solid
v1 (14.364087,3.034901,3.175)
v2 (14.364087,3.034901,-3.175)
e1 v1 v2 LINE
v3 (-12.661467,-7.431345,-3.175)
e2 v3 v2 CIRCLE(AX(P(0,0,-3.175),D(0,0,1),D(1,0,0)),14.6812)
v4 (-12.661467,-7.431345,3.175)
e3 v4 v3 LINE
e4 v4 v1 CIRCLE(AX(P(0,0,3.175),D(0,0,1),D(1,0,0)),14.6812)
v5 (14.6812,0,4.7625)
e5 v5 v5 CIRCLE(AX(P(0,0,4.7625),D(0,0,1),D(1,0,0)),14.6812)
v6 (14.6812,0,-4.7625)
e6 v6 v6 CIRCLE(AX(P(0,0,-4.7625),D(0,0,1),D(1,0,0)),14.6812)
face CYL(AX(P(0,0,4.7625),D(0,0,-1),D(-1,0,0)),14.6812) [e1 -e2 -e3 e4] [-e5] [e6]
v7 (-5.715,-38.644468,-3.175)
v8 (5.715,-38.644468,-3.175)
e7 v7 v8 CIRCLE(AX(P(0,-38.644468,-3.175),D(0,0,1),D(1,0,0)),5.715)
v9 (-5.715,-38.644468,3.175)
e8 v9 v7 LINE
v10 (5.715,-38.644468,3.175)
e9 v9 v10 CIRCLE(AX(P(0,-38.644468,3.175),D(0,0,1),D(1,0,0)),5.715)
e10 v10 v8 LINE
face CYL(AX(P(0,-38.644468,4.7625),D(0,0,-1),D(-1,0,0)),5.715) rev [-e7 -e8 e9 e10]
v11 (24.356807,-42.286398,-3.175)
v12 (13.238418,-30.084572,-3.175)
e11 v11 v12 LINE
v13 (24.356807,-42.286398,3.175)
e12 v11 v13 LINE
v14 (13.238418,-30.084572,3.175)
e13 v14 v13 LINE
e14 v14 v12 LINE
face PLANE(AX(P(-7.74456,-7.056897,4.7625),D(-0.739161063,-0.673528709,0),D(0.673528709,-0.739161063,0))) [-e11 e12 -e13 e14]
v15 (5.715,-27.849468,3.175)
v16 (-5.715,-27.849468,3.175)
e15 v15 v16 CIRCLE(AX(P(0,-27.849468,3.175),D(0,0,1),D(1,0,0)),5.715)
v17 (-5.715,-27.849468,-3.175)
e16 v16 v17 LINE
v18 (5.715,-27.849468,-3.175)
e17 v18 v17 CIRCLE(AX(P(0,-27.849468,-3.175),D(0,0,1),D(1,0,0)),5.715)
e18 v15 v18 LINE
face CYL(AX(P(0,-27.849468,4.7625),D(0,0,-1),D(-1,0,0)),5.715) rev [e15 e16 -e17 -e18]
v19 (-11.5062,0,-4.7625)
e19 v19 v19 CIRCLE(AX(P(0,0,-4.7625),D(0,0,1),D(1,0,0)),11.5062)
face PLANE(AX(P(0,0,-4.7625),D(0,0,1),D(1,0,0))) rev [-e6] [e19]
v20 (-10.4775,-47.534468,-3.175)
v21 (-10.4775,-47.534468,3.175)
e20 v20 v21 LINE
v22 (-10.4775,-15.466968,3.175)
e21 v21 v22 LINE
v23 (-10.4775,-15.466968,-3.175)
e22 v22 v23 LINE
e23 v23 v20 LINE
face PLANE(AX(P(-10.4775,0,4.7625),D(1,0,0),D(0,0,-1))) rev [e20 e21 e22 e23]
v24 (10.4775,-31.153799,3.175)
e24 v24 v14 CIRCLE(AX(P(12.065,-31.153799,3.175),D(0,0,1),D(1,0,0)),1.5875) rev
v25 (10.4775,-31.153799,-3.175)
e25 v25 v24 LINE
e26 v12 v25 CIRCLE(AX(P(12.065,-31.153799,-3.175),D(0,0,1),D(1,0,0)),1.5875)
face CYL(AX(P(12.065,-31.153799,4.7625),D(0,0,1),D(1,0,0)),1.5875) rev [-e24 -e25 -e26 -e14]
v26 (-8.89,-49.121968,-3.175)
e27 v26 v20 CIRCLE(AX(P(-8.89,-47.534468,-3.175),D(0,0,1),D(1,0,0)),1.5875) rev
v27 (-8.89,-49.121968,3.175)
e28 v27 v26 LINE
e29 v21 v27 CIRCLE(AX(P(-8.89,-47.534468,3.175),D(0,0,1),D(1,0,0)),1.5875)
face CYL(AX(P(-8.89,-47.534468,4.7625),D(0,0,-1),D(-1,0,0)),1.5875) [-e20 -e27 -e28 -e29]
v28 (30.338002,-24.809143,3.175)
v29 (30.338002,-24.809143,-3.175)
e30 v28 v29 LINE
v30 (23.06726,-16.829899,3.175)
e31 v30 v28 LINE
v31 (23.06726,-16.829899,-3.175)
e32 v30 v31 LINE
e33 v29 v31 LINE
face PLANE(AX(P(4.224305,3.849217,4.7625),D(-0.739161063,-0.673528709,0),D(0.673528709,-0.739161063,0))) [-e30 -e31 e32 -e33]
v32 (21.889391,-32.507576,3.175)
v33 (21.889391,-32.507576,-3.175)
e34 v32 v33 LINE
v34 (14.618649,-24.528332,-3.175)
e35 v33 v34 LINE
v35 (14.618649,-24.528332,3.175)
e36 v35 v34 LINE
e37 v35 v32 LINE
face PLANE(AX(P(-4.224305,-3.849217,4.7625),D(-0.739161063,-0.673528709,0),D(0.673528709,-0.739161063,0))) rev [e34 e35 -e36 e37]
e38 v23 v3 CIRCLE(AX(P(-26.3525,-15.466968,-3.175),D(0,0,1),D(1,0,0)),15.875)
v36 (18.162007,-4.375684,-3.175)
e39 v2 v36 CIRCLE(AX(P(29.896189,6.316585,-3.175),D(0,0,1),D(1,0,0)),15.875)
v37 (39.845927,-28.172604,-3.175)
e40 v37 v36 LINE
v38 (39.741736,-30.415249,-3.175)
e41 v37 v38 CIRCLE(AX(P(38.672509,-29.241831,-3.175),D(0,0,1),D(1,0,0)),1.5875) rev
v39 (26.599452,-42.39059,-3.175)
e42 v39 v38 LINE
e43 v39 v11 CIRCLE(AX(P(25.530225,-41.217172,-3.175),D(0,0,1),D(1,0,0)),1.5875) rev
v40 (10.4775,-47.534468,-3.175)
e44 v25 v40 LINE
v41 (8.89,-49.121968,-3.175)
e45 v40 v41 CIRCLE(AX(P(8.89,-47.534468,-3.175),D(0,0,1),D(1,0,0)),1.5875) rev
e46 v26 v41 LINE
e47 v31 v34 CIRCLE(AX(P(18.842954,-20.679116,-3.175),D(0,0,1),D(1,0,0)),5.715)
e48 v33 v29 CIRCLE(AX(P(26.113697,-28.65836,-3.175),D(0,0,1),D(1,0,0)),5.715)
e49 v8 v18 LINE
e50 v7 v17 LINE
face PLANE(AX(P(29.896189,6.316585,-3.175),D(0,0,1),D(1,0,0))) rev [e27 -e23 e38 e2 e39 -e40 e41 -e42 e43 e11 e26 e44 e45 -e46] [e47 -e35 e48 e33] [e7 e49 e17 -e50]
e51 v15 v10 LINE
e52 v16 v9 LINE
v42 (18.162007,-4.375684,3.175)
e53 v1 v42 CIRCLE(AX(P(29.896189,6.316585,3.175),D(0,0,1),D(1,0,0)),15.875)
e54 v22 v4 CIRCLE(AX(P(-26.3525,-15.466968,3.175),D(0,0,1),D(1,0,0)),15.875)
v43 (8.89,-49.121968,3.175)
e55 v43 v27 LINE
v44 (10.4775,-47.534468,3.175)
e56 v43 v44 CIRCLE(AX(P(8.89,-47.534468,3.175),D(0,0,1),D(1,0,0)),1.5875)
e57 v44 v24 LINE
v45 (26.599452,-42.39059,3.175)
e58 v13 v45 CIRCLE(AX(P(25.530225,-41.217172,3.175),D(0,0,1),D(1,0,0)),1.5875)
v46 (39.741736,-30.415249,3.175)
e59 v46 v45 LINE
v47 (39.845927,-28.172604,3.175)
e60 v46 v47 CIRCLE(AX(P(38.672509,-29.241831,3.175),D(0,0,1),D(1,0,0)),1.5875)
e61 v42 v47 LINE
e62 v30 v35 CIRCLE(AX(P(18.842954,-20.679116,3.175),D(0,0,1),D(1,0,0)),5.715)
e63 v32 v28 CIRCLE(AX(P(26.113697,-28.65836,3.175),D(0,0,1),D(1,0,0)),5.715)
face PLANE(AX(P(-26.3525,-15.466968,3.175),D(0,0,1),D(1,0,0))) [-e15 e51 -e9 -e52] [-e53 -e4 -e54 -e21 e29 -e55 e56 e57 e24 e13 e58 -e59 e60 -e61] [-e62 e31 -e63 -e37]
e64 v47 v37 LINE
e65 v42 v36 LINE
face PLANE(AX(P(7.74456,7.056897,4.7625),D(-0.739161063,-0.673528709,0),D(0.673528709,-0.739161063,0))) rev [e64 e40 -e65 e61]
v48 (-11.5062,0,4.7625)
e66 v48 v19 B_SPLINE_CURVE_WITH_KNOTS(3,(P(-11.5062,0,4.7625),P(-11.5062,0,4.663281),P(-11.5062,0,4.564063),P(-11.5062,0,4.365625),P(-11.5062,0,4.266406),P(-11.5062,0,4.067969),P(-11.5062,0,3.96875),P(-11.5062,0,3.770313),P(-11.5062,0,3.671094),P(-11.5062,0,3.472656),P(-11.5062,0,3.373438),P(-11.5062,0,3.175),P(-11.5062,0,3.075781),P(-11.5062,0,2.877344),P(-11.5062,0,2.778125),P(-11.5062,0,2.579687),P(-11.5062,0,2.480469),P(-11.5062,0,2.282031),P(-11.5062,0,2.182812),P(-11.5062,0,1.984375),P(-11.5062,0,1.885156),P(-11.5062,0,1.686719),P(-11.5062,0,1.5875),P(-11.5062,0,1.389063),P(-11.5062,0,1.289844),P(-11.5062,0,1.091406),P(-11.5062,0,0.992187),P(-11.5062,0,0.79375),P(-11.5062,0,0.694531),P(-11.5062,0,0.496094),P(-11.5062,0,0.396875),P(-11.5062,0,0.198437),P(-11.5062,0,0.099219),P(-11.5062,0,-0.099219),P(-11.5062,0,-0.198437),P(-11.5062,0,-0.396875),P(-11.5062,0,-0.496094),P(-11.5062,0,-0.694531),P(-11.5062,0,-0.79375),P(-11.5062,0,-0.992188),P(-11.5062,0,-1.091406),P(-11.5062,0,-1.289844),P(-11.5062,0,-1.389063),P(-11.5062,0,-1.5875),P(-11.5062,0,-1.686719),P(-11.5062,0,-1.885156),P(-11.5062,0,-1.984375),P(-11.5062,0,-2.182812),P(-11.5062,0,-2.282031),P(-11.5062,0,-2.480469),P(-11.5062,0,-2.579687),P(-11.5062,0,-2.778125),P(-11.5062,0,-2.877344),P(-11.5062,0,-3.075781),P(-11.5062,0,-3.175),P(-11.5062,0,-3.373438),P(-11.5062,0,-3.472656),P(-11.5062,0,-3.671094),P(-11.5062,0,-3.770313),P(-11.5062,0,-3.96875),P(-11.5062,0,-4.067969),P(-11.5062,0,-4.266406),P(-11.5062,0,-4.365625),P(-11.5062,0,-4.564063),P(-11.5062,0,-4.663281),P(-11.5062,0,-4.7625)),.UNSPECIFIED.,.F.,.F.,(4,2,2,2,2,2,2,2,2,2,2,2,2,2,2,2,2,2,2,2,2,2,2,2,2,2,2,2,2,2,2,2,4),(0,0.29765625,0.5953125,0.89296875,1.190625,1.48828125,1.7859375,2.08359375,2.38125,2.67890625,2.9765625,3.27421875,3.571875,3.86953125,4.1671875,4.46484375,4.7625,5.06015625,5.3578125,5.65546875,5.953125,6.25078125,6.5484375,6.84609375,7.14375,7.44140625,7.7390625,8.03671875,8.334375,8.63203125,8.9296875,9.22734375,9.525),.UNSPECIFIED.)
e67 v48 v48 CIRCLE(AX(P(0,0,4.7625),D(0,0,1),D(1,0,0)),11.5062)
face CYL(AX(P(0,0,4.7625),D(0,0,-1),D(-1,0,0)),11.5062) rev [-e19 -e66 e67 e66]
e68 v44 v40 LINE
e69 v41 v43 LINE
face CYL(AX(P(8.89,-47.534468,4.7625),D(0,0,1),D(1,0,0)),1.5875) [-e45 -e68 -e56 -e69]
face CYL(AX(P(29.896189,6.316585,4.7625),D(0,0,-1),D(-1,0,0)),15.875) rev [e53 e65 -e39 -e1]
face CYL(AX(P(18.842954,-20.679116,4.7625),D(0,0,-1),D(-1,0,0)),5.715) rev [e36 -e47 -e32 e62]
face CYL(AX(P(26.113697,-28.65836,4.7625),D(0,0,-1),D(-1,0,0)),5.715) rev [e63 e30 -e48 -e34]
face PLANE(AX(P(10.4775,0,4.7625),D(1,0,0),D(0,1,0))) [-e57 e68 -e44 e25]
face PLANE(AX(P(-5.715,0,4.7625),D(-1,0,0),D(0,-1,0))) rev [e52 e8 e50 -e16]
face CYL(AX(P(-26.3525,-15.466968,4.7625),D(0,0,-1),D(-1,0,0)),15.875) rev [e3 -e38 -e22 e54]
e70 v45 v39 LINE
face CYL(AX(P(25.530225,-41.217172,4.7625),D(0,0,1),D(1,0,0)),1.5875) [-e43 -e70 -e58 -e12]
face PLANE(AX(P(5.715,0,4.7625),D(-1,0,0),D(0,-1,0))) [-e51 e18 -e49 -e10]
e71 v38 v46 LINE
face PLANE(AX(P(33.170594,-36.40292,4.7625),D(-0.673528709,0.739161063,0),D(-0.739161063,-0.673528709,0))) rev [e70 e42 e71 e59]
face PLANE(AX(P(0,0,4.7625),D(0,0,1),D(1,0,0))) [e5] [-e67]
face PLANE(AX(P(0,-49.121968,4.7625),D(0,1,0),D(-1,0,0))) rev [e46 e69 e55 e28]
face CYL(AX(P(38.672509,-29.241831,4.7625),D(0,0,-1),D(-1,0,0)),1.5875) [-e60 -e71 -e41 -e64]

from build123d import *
from build123d.topology import SkipClean

# Parameters (mm, degrees)
SKETCH1_R           = 11.5062
BOSS_EXTRUDE1_DEPTH = 4.7625
CUT_EXTRUDE1_START  = 4.7625
CUT_EXTRUDE1_DEPTH  = 1.5875
CUT_EXTRUDE2_START  = -3.175
CUT_EXTRUDE2_DEPTH  = 1.5875
FILLET1_R           = 1.5875


with BuildPart() as part:
    # Sketch1 → Boss-Extrude1 (new, symmetric)
    # profile 1 of 2: a face of its own
    with BuildSketch(Plane.XY):
        with BuildLine():
            ThreePointArc((-12.661467165, -7.431344606), (5.301915083, -13.690410143), (14.364087476, 3.034901057))
            ThreePointArc((14.364087476, 3.034901057), (15.768494782, -0.923849067), (18.162007104, -4.375683536))
            Line((18.162007104, -4.375683536), (40.915153964, -29.346022579))
            Line((40.915153964, -29.346022579), (25.42603388, -43.459816684))
            Line((25.42603388, -43.459816684), (10.4775, -27.054615176))
            Line((10.4775, -27.054615176), (10.4775, -49.121968099))
            Line((10.4775, -49.121968099), (-10.4775, -49.121968099))
            Line((-10.4775, -49.121968099), (-10.4775, -15.466968099))
            ThreePointArc((-10.4775, -15.466968099), (-11.033218502, -11.303407199), (-12.661467165, -7.431344606))
        make_face()
        with BuildLine():
            ThreePointArc((23.067259929, -16.829899337), (14.993737878, -16.454810433), (14.618648975, -24.528332485))
            Line((14.618648975, -24.528332485), (21.889391392, -32.507576164))
            ThreePointArc((21.889391392, -32.507576164), (29.962913444, -32.882665067), (30.338002347, -24.809143016))
            Line((30.338002347, -24.809143016), (23.067259929, -16.829899337))
        make_face(mode=Mode.SUBTRACT)
        with BuildLine():
            ThreePointArc((5.715, -27.849468099), (0, -22.134468099), (-5.715, -27.849468099))
            Line((-5.715, -27.849468099), (-5.715, -38.644468099))
            ThreePointArc((-5.715, -38.644468099), (0, -44.359468099), (5.715, -38.644468099))
            Line((5.715, -38.644468099), (5.715, -27.849468099))
        make_face(mode=Mode.SUBTRACT)
    # profile 2 of 2: a face of its own
    with BuildSketch(Plane.XY):
        with BuildLine():
            ThreePointArc((14.364087476, 3.034901057), (-5.301915083, 13.690410143), (-12.661467165, -7.431344606))
            ThreePointArc((-12.661467165, -7.431344606), (5.301915083, -13.690410143), (14.364087476, 3.034901057))
        make_face()
        with Locations(Location((0, 0, 0), (0, 0, 180))):
            Circle(SKETCH1_R, mode=Mode.SUBTRACT)
    extrude(amount=BOSS_EXTRUDE1_DEPTH, both=True)

    # Sketch3 → Cut-Extrude1 (cut)
    with SkipClean():  # the faces are left unmerged after this step: merging them gives an invalid solid
        with BuildSketch(Plane.XY.offset(CUT_EXTRUDE1_START)):
            with BuildLine():
                ThreePointArc((-12.661467165, -7.431344606), (5.301915083, -13.690410143), (14.364087476, 3.034901057))
                ThreePointArc((14.364087476, 3.034901057), (15.768494782, -0.923849067), (18.162007104, -4.375683536))
                Line((18.162007104, -4.375683536), (40.915153964, -29.346022579))
                Line((40.915153964, -29.346022579), (25.42603388, -43.459816684))
                Line((25.42603388, -43.459816684), (10.4775, -27.054615176))
                Line((10.4775, -27.054615176), (10.4775, -49.121968099))
                Line((10.4775, -49.121968099), (-10.4775, -49.121968099))
                Line((-10.4775, -49.121968099), (-10.4775, -15.466968099))
                ThreePointArc((-10.4775, -15.466968099), (-11.033218502, -11.303407199), (-12.661467165, -7.431344606))
            make_face()
            with BuildLine():
                ThreePointArc((23.067259929, -16.829899337), (14.993737878, -16.454810433), (14.618648975, -24.528332485))
                Line((14.618648975, -24.528332485), (21.889391392, -32.507576164))
                ThreePointArc((21.889391392, -32.507576164), (29.962913444, -32.882665067), (30.338002347, -24.809143016))
                Line((30.338002347, -24.809143016), (23.067259929, -16.829899337))
            make_face(mode=Mode.SUBTRACT)
            with BuildLine():
                ThreePointArc((5.715, -27.849468099), (0, -22.134468099), (-5.715, -27.849468099))
                Line((-5.715, -27.849468099), (-5.715, -38.644468099))
                ThreePointArc((-5.715, -38.644468099), (0, -44.359468099), (5.715, -38.644468099))
                Line((5.715, -38.644468099), (5.715, -27.849468099))
            make_face(mode=Mode.SUBTRACT)
        extrude(amount=-CUT_EXTRUDE1_DEPTH, mode=Mode.SUBTRACT)

    # Sketch3<11> → Cut-Extrude2 (cut)
    with SkipClean():  # the faces are left unmerged after this step: merging them gives an invalid solid
        with BuildSketch(Plane.XY.offset(CUT_EXTRUDE2_START)):
            with BuildLine():
                ThreePointArc((-12.661467165, -7.431344606), (5.301915083, -13.690410143), (14.364087476, 3.034901057))
                ThreePointArc((14.364087476, 3.034901057), (15.768494782, -0.923849067), (18.162007104, -4.375683536))
                Line((18.162007104, -4.375683536), (40.915153964, -29.346022579))
                Line((40.915153964, -29.346022579), (25.42603388, -43.459816684))
                Line((25.42603388, -43.459816684), (10.4775, -27.054615176))
                Line((10.4775, -27.054615176), (10.4775, -49.121968099))
                Line((10.4775, -49.121968099), (-10.4775, -49.121968099))
                Line((-10.4775, -49.121968099), (-10.4775, -15.466968099))
                ThreePointArc((-10.4775, -15.466968099), (-11.033218502, -11.303407199), (-12.661467165, -7.431344606))
            make_face()
            with BuildLine():
                ThreePointArc((23.067259929, -16.829899337), (14.993737878, -16.454810433), (14.618648975, -24.528332485))
                Line((14.618648975, -24.528332485), (21.889391392, -32.507576164))
                ThreePointArc((21.889391392, -32.507576164), (29.962913444, -32.882665067), (30.338002347, -24.809143016))
                Line((30.338002347, -24.809143016), (23.067259929, -16.829899337))
            make_face(mode=Mode.SUBTRACT)
            with BuildLine():
                ThreePointArc((5.715, -27.849468099), (0, -22.134468099), (-5.715, -27.849468099))
                Line((-5.715, -27.849468099), (-5.715, -38.644468099))
                ThreePointArc((-5.715, -38.644468099), (0, -44.359468099), (5.715, -38.644468099))
                Line((5.715, -38.644468099), (5.715, -27.849468099))
            make_face(mode=Mode.SUBTRACT)
        extrude(amount=-CUT_EXTRUDE2_DEPTH, mode=Mode.SUBTRACT)

    # Fillet1
    fillet1_edges = [part.edges().sort_by_distance(p)[0] for p in [
        (40.915153964, -29.346022579, 0),
        (25.42603388, -43.459816684, 0),
        (10.4775, -27.054615176, 0),
        (10.4775, -49.121968099, 0),
        (-10.4775, -49.121968099, 0),
    ]]
    fillet(fillet1_edges, radius=FILLET1_R)


solid = part.part
